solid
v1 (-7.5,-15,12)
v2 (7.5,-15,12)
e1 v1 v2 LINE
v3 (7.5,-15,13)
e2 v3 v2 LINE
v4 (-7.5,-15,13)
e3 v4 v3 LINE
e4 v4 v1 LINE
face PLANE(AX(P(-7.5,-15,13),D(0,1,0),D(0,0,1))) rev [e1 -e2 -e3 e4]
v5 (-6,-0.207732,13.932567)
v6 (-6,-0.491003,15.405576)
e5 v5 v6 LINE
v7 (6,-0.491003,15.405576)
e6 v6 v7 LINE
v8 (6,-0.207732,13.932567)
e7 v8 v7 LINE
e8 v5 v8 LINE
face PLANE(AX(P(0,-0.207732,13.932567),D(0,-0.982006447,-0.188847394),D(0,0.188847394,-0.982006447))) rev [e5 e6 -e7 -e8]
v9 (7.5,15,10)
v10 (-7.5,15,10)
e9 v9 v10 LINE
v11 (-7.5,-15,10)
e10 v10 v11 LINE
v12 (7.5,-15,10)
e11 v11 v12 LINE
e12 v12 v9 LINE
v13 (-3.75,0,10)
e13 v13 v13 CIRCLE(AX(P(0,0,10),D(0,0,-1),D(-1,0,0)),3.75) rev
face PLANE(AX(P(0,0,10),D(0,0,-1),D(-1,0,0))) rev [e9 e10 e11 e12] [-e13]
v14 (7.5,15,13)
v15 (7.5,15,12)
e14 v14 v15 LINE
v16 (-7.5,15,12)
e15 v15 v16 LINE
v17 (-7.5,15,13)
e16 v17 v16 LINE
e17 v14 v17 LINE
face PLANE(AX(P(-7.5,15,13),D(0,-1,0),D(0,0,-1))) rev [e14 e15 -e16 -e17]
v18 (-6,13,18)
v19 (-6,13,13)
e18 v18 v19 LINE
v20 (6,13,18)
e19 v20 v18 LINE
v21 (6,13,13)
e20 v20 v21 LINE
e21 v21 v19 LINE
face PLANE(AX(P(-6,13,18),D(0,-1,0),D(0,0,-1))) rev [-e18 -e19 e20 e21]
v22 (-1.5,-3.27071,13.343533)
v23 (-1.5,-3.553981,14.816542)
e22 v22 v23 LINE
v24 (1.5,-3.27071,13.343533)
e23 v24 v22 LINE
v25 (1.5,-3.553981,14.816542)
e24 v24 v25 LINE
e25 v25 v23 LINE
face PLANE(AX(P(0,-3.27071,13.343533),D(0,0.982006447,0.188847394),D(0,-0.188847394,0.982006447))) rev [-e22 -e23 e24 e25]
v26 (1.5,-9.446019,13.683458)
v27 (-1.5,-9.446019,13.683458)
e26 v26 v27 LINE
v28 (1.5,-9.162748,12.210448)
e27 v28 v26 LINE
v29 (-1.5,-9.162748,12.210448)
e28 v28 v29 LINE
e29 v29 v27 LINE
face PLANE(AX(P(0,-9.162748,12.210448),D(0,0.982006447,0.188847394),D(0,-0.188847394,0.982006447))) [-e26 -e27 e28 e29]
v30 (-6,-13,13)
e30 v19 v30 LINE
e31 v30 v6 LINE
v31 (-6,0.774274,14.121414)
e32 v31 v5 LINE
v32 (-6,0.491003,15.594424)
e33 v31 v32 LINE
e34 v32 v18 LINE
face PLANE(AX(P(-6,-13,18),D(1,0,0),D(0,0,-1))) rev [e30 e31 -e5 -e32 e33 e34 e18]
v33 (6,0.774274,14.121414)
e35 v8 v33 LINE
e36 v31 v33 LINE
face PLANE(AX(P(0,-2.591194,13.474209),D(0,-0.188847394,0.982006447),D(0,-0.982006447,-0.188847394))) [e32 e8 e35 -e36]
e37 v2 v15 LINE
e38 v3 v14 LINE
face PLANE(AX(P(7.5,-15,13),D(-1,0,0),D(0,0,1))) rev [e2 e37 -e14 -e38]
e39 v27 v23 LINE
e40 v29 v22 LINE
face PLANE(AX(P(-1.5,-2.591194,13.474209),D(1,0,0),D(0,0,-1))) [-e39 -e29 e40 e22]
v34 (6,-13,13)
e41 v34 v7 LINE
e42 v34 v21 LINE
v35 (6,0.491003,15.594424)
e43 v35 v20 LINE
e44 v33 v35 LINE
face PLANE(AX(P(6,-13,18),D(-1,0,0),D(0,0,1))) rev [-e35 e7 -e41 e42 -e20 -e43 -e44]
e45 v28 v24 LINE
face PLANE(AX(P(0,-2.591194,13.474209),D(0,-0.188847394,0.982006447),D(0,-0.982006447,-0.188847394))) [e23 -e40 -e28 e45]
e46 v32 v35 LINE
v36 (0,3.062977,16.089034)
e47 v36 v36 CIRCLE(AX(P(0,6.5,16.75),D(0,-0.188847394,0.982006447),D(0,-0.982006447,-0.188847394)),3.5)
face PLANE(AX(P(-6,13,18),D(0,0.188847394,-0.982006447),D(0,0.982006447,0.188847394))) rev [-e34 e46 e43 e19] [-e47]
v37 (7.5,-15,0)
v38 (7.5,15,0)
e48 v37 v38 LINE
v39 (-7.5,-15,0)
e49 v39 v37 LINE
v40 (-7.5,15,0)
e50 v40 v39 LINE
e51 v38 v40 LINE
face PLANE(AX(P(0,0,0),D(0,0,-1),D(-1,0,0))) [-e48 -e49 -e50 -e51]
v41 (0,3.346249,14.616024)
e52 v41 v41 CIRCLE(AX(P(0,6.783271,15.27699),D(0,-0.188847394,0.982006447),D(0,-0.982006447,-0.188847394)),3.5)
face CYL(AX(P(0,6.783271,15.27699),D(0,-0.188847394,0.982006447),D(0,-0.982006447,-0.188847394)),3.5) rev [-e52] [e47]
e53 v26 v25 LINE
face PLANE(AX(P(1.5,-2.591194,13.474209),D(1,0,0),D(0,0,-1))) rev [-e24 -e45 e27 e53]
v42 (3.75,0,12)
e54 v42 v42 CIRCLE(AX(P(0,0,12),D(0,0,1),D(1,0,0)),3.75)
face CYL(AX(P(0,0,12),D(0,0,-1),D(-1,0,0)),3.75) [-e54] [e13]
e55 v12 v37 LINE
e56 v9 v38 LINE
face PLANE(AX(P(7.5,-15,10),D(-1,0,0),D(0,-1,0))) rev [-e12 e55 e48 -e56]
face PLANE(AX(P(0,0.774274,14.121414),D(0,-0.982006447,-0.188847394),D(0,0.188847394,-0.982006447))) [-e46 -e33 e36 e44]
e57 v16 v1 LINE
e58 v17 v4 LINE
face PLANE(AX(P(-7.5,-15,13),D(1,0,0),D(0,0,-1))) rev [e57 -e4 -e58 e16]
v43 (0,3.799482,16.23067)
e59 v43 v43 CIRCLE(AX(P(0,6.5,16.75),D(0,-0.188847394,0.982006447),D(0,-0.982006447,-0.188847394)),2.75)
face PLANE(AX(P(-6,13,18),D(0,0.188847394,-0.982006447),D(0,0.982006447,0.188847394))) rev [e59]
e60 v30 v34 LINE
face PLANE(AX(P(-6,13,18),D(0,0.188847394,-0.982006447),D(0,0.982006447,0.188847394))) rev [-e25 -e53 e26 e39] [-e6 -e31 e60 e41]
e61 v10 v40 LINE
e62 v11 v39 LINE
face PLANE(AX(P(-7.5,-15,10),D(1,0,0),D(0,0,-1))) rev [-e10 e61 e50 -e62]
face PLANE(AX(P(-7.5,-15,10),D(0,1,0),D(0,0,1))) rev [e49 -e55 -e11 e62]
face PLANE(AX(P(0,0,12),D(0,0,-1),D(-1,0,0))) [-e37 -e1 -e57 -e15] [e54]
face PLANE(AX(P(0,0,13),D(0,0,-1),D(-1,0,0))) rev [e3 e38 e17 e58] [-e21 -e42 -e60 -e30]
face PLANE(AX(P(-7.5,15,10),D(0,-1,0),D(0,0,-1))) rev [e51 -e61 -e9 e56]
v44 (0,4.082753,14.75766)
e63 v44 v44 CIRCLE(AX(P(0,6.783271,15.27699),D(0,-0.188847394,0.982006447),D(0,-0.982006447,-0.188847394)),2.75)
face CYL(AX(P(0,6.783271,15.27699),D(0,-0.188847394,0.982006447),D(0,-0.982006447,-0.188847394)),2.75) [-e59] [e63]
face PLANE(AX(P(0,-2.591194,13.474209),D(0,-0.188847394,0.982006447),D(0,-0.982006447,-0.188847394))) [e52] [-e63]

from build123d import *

# Parameters (mm, degrees)
CROQUIS1_W              = 15
CROQUIS1_H              = 30
SALIENTE_EXTRUIR1_DEPTH = 10
CROQUIS2_R              = 3.75
SALIENTE_EXTRUIR2_DEPTH = 2
CROQUIS3_W              = 15
CROQUIS3_H              = 30
SALIENTE_EXTRUIR3_DEPTH = 1
CROQUIS4_W              = 12
CROQUIS4_H              = 26
SALIENTE_EXTRUIR4_DEPTH = 5
CORTAR_EXTRUIR1_DEPTH   = 12
CROQUIS6_W              = 12
CROQUIS6_H              = 1
CROQUIS6_R              = 3.5
CROQUIS6_R_2            = 2.75
CROQUIS6_W_2            = 3
CROQUIS6_H_2            = 6
CORTAR_EXTRUIR2_DEPTH   = 1.5


with BuildPart() as part:
    # Croquis1 → Saliente-Extruir1 (new body)
    with BuildSketch(Plane.XY):
        Rectangle(CROQUIS1_W, CROQUIS1_H)
    extrude(amount=SALIENTE_EXTRUIR1_DEPTH)

    # Croquis2 → Saliente-Extruir2 (add)
    with BuildSketch(Plane.XY.offset(10)):
        Circle(CROQUIS2_R)
    extrude(amount=SALIENTE_EXTRUIR2_DEPTH)

    # Croquis3 → Saliente-Extruir3 (add)
    with BuildSketch(Plane.XY.offset(12)):
        Rectangle(CROQUIS3_W, CROQUIS3_H)
    extrude(amount=SALIENTE_EXTRUIR3_DEPTH)

    # Croquis4 → Saliente-Extruir4 (add)
    with BuildSketch(Plane.XY.offset(13)):
        Rectangle(CROQUIS4_W, CROQUIS4_H)
    extrude(amount=SALIENTE_EXTRUIR4_DEPTH)

    # Croquis5 → Cortar-Extruir1 (cut)
    with BuildSketch(Plane(origin=(6, 0, 0), x_dir=(0, 0, -1), z_dir=(1, 0, 0))):
        Polygon((-18, 13), (-13, -13), (-18, -13), align=None)
    extrude(amount=-CORTAR_EXTRUIR1_DEPTH, mode=Mode.SUBTRACT)

    # Croquis6 → Cortar-Extruir2 (cut)
    # profile 1 of 3: a face of its own
    with BuildSketch(Plane(origin=(0, -2.87446505, 14.94721826), x_dir=(1, 0, 0), z_dir=(0, -0.18884739365012454, 0.9820064469806473))):
        with Locations((0, 2.927134602)):
            Rectangle(CROQUIS6_W, CROQUIS6_H)
    # profile 2 of 3: a face of its own
    with BuildSketch(Plane(origin=(0, -2.87446505, 14.94721826), x_dir=(1, 0, 0), z_dir=(0, -0.18884739365012454, 0.9820064469806473))):
        with Locations((0, 9.546235749)):
            Circle(CROQUIS6_R)
        with Locations((0, 9.546235749)):
            Circle(CROQUIS6_R_2, mode=Mode.SUBTRACT)
    # profile 3 of 3: a face of its own
    with BuildSketch(Plane(origin=(0, -2.87446505, 14.94721826), x_dir=(1, 0, 0), z_dir=(0, -0.18884739365012454, 0.9820064469806473))):
        with Locations((0, -3.691966546)):
            Rectangle(CROQUIS6_W_2, CROQUIS6_H_2)
    extrude(amount=-CORTAR_EXTRUIR2_DEPTH, mode=Mode.SUBTRACT)


solid = part.part
